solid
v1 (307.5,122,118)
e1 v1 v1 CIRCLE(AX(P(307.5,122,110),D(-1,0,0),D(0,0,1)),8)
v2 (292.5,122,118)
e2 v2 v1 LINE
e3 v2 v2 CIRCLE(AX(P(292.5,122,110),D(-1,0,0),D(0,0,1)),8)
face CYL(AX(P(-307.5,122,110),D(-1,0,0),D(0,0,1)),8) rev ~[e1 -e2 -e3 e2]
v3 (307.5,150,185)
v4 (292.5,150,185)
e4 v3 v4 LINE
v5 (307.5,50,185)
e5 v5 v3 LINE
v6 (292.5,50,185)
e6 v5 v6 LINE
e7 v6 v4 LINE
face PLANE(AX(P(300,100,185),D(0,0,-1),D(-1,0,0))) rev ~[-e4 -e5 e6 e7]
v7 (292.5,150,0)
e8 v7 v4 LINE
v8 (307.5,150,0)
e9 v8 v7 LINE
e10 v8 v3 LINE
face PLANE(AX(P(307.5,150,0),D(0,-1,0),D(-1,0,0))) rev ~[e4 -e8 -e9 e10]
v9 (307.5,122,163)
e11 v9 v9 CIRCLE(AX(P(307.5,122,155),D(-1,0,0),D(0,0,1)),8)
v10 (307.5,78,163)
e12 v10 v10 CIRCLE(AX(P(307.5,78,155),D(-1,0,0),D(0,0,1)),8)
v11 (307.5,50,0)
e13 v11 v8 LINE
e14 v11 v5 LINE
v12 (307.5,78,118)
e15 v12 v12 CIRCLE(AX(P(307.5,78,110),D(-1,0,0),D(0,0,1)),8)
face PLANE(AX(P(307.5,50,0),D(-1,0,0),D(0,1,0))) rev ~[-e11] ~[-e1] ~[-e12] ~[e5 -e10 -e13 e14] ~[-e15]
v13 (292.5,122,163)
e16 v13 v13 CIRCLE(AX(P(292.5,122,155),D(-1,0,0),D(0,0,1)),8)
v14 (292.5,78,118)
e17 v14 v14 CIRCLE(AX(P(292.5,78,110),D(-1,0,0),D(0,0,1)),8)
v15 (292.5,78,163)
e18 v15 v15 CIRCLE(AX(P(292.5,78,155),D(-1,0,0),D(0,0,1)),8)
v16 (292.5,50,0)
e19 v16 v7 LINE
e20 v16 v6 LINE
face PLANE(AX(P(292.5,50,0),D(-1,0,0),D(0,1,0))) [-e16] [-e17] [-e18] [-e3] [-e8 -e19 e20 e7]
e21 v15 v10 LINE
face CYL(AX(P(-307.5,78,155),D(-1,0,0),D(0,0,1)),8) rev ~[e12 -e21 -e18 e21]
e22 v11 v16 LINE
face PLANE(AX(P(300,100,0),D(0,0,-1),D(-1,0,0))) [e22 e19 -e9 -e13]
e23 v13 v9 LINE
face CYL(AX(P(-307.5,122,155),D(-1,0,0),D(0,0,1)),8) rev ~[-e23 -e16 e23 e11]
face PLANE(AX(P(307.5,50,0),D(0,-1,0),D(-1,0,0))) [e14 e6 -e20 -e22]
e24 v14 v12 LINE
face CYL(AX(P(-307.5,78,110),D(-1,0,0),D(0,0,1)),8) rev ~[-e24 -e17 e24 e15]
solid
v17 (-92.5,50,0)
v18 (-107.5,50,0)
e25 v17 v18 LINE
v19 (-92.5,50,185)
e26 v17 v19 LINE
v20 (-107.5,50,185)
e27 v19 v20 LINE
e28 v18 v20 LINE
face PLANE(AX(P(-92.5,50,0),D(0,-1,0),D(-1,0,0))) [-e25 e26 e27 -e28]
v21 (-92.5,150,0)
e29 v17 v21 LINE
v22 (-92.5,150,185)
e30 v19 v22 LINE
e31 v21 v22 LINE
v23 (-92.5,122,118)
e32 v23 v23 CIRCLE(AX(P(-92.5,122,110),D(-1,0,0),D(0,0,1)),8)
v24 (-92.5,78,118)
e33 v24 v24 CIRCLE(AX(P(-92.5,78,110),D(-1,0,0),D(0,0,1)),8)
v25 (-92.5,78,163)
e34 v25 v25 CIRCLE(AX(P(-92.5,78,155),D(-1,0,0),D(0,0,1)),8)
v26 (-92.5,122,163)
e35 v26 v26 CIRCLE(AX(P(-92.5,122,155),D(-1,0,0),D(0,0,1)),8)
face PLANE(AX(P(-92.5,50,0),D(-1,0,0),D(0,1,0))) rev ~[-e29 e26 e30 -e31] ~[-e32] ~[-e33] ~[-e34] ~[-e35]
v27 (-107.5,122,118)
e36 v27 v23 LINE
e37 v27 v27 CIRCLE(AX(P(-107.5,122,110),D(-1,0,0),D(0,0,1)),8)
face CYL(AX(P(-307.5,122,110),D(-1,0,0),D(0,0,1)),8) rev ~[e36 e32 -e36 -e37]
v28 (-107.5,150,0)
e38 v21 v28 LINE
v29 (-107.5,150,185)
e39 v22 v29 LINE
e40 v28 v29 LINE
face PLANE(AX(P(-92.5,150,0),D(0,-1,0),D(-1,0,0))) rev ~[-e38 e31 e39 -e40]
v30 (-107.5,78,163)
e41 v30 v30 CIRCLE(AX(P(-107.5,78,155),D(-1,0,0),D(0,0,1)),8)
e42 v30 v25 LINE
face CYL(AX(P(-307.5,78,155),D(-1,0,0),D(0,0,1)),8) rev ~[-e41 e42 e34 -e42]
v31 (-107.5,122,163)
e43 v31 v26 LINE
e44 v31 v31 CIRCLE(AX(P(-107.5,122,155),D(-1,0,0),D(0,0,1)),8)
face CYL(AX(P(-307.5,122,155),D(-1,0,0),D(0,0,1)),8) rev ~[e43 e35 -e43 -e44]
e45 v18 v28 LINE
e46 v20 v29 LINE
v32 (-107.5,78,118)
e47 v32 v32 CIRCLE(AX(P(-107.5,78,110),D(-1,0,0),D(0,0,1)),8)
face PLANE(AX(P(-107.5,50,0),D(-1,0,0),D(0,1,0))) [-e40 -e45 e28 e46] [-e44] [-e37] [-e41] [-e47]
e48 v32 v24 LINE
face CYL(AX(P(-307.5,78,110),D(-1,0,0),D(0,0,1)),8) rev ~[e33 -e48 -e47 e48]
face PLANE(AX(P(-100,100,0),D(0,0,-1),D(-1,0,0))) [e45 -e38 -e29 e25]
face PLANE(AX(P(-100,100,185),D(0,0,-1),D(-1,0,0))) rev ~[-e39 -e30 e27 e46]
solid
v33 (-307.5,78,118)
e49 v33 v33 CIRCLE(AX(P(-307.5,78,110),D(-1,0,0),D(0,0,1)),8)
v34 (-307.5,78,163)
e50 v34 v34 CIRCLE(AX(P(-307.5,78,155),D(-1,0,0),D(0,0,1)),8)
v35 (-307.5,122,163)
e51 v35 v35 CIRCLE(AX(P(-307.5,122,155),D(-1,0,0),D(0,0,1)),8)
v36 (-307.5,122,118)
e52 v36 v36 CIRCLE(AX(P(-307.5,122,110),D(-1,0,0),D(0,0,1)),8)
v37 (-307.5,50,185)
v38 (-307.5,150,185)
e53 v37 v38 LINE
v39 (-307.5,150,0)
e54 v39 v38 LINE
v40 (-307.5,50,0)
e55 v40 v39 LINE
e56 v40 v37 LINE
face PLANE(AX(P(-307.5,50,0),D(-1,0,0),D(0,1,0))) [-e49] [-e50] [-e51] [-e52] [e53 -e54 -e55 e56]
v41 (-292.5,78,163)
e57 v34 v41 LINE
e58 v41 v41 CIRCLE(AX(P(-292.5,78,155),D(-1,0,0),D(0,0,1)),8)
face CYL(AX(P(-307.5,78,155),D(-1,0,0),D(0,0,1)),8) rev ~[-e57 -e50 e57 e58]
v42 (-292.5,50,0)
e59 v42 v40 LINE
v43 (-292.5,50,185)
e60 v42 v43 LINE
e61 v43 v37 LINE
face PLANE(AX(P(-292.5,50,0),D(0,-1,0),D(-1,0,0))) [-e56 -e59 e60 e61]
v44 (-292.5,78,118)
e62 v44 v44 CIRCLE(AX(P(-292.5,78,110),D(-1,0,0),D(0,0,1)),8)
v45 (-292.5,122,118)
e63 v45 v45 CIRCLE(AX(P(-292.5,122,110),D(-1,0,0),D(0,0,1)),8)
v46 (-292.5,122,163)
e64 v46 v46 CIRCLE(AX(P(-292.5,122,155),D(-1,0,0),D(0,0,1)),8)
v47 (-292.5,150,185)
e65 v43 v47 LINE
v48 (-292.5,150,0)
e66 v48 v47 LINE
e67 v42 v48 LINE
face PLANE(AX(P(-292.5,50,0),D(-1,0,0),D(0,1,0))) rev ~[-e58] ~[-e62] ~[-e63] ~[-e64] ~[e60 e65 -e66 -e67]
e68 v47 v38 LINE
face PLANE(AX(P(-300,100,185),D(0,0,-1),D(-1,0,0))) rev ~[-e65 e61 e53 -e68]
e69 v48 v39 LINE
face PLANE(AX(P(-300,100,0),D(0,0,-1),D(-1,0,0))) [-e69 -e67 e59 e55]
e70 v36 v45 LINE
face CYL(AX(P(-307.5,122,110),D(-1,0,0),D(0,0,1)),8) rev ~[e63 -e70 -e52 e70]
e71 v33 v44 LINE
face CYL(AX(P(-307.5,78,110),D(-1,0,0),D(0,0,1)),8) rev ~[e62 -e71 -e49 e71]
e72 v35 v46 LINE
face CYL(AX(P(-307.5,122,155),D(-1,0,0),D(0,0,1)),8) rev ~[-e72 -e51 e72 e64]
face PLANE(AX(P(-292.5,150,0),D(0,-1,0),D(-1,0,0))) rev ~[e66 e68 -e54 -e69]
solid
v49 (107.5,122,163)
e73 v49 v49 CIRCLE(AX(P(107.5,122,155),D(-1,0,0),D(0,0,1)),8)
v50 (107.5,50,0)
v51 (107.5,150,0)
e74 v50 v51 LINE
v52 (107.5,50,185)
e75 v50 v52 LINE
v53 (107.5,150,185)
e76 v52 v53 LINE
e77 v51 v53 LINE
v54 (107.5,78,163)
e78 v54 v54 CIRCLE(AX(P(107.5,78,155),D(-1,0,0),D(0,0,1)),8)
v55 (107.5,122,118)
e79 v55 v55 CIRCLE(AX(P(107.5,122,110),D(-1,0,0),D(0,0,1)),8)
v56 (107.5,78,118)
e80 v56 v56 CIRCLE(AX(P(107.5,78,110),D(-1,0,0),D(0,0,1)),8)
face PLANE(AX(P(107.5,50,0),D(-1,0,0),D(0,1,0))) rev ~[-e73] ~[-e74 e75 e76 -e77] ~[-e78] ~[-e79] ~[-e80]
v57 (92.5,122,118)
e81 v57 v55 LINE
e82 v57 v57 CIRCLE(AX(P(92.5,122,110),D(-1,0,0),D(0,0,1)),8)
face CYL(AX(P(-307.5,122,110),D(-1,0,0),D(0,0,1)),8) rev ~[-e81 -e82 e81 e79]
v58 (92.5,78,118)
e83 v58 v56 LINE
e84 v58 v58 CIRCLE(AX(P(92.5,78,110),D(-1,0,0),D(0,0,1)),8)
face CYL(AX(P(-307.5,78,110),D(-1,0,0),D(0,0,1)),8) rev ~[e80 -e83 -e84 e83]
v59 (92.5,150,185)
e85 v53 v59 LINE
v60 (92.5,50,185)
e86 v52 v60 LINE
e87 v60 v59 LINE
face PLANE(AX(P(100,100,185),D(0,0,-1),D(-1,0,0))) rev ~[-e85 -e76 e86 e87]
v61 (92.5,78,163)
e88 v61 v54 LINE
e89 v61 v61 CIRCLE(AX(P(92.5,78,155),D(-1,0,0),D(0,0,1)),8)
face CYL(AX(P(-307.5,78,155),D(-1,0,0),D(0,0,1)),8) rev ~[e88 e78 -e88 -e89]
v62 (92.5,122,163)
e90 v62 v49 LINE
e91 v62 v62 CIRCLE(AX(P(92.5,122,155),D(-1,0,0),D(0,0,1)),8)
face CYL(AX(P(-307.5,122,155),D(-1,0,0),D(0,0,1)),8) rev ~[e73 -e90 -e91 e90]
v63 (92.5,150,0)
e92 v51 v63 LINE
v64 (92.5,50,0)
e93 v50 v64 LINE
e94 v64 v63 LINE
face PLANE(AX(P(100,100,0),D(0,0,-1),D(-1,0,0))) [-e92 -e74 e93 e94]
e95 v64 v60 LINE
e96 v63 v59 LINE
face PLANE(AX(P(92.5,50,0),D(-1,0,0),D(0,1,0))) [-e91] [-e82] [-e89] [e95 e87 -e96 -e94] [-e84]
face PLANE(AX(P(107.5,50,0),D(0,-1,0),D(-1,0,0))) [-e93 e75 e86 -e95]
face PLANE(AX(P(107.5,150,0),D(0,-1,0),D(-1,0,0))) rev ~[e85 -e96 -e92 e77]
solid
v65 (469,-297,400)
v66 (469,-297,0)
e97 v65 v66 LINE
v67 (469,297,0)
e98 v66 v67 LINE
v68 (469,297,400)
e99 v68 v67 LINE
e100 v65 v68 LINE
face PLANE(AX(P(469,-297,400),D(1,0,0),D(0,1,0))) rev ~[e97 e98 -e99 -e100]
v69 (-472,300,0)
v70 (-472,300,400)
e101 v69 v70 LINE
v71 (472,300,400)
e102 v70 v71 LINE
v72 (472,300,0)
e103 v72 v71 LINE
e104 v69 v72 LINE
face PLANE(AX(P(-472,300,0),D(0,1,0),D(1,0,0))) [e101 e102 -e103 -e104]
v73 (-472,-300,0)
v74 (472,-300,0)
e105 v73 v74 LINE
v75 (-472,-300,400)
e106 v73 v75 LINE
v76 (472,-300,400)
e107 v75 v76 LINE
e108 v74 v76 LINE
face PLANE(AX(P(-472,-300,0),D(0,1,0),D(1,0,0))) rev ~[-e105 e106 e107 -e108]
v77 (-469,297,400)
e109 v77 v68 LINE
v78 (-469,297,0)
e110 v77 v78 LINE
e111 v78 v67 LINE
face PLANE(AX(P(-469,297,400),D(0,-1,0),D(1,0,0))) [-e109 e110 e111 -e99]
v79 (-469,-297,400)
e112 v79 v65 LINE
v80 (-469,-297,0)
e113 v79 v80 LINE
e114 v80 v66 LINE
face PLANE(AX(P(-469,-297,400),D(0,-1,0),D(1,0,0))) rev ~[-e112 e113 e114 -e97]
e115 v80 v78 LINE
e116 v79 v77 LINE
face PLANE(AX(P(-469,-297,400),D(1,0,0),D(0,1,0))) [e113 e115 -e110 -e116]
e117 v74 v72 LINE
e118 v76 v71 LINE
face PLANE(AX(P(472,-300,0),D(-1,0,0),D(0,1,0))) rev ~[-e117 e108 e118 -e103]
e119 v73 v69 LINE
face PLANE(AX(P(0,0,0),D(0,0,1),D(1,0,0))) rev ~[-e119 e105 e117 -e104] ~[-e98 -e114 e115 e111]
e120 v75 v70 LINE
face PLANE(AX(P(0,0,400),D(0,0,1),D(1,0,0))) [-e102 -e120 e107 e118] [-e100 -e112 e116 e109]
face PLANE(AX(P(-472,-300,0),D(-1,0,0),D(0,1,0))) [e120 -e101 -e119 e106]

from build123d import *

# Parameters (mm, degrees)
CROQUIS1_W                = 944
CROQUIS1_H                = 600
SALIENTE_EXTRUIR1_DEPTH   = 400
CROQUIS2_W                = 938
CROQUIS2_H                = 594
CORTAR_EXTRUIR1_DEPTH     = 400
CROQUIS3_W                = 15
CROQUIS3_H                = 100
SALIENTE_EXTRUIR2_DEPTH   = 185
SALIENTE_EXTRUIR2_2_DEPTH = 185
SALIENTE_EXTRUIR2_3_DEPTH = 185
SALIENTE_EXTRUIR2_4_DEPTH = 185
CROQUIS5_R                = 8
CORTAR_EXTRUIR2_DEPTH     = 615


with BuildPart() as part:
    # Croquis1 → Saliente-Extruir1 (new body)
    with BuildSketch(Plane.XY):
        Rectangle(CROQUIS1_W, CROQUIS1_H)
    extrude(amount=SALIENTE_EXTRUIR1_DEPTH)

    # Croquis2 → Cortar-Extruir1 (cut)
    with BuildSketch(Plane.XY.offset(400)):
        Rectangle(CROQUIS2_W, CROQUIS2_H)
    extrude(amount=-CORTAR_EXTRUIR1_DEPTH, mode=Mode.SUBTRACT)


with BuildPart() as body_2:
    # Croquis3 → Saliente-Extruir2 (new body)
    with BuildSketch(Plane(origin=(0, 0, 0), x_dir=(-1, 0, 0), z_dir=(0, 0, -1))):
        with Locations((-300, 100)):
            Rectangle(CROQUIS3_W, CROQUIS3_H)
    extrude(amount=-SALIENTE_EXTRUIR2_DEPTH)


with BuildPart() as body_3:
    # Croquis3 → Saliente-Extruir2 2 (new body)
    with BuildSketch(Plane(origin=(0, 0, 0), x_dir=(-1, 0, 0), z_dir=(0, 0, -1))):
        with Locations((-100, 100)):
            Rectangle(CROQUIS3_W, CROQUIS3_H)
    extrude(amount=-SALIENTE_EXTRUIR2_2_DEPTH)


with BuildPart() as body_4:
    # Croquis3 → Saliente-Extruir2 3 (new body)
    with BuildSketch(Plane(origin=(0, 0, 0), x_dir=(-1, 0, 0), z_dir=(0, 0, -1))):
        with Locations((100, 100)):
            Rectangle(CROQUIS3_W, CROQUIS3_H)
    extrude(amount=-SALIENTE_EXTRUIR2_3_DEPTH)


with BuildPart() as body_5:
    # Croquis3 → Saliente-Extruir2 4 (new body)
    with BuildSketch(Plane(origin=(0, 0, 0), x_dir=(-1, 0, 0), z_dir=(0, 0, -1))):
        with Locations((300, 100)):
            Rectangle(CROQUIS3_W, CROQUIS3_H)
    extrude(amount=-SALIENTE_EXTRUIR2_4_DEPTH)


with BuildPart() as cortar_extruir2_tool:
    # Croquis5 → Cortar-Extruir2 (new body)
    with BuildSketch(Plane.ZY.offset(307.5)):
        with Locations((155, 122)):
            Circle(CROQUIS5_R)
        with Locations((155, 78)):
            Circle(CROQUIS5_R)
        with Locations((110, 122)):
            Circle(CROQUIS5_R)
        with Locations((110, 78)):
            Circle(CROQUIS5_R)
    extrude(amount=-CORTAR_EXTRUIR2_DEPTH)


with BuildPart() as body_2_1:
    add(body_2.part)

    # Cortar-Extruir2: cut by cortar_extruir2_tool
    add(cortar_extruir2_tool.part, mode=Mode.SUBTRACT)


with BuildPart() as body_3_1:
    add(body_3.part)

    # Cortar-Extruir2: cut by cortar_extruir2_tool
    add(cortar_extruir2_tool.part, mode=Mode.SUBTRACT)


with BuildPart() as body_4_1:
    add(body_4.part)

    # Cortar-Extruir2: cut by cortar_extruir2_tool
    add(cortar_extruir2_tool.part, mode=Mode.SUBTRACT)


with BuildPart() as body_5_1:
    add(body_5.part)

    # Cortar-Extruir2: cut by cortar_extruir2_tool
    add(cortar_extruir2_tool.part, mode=Mode.SUBTRACT)


solid = Compound([part.part, body_2_1.part, body_3_1.part, body_4_1.part, body_5_1.part])
